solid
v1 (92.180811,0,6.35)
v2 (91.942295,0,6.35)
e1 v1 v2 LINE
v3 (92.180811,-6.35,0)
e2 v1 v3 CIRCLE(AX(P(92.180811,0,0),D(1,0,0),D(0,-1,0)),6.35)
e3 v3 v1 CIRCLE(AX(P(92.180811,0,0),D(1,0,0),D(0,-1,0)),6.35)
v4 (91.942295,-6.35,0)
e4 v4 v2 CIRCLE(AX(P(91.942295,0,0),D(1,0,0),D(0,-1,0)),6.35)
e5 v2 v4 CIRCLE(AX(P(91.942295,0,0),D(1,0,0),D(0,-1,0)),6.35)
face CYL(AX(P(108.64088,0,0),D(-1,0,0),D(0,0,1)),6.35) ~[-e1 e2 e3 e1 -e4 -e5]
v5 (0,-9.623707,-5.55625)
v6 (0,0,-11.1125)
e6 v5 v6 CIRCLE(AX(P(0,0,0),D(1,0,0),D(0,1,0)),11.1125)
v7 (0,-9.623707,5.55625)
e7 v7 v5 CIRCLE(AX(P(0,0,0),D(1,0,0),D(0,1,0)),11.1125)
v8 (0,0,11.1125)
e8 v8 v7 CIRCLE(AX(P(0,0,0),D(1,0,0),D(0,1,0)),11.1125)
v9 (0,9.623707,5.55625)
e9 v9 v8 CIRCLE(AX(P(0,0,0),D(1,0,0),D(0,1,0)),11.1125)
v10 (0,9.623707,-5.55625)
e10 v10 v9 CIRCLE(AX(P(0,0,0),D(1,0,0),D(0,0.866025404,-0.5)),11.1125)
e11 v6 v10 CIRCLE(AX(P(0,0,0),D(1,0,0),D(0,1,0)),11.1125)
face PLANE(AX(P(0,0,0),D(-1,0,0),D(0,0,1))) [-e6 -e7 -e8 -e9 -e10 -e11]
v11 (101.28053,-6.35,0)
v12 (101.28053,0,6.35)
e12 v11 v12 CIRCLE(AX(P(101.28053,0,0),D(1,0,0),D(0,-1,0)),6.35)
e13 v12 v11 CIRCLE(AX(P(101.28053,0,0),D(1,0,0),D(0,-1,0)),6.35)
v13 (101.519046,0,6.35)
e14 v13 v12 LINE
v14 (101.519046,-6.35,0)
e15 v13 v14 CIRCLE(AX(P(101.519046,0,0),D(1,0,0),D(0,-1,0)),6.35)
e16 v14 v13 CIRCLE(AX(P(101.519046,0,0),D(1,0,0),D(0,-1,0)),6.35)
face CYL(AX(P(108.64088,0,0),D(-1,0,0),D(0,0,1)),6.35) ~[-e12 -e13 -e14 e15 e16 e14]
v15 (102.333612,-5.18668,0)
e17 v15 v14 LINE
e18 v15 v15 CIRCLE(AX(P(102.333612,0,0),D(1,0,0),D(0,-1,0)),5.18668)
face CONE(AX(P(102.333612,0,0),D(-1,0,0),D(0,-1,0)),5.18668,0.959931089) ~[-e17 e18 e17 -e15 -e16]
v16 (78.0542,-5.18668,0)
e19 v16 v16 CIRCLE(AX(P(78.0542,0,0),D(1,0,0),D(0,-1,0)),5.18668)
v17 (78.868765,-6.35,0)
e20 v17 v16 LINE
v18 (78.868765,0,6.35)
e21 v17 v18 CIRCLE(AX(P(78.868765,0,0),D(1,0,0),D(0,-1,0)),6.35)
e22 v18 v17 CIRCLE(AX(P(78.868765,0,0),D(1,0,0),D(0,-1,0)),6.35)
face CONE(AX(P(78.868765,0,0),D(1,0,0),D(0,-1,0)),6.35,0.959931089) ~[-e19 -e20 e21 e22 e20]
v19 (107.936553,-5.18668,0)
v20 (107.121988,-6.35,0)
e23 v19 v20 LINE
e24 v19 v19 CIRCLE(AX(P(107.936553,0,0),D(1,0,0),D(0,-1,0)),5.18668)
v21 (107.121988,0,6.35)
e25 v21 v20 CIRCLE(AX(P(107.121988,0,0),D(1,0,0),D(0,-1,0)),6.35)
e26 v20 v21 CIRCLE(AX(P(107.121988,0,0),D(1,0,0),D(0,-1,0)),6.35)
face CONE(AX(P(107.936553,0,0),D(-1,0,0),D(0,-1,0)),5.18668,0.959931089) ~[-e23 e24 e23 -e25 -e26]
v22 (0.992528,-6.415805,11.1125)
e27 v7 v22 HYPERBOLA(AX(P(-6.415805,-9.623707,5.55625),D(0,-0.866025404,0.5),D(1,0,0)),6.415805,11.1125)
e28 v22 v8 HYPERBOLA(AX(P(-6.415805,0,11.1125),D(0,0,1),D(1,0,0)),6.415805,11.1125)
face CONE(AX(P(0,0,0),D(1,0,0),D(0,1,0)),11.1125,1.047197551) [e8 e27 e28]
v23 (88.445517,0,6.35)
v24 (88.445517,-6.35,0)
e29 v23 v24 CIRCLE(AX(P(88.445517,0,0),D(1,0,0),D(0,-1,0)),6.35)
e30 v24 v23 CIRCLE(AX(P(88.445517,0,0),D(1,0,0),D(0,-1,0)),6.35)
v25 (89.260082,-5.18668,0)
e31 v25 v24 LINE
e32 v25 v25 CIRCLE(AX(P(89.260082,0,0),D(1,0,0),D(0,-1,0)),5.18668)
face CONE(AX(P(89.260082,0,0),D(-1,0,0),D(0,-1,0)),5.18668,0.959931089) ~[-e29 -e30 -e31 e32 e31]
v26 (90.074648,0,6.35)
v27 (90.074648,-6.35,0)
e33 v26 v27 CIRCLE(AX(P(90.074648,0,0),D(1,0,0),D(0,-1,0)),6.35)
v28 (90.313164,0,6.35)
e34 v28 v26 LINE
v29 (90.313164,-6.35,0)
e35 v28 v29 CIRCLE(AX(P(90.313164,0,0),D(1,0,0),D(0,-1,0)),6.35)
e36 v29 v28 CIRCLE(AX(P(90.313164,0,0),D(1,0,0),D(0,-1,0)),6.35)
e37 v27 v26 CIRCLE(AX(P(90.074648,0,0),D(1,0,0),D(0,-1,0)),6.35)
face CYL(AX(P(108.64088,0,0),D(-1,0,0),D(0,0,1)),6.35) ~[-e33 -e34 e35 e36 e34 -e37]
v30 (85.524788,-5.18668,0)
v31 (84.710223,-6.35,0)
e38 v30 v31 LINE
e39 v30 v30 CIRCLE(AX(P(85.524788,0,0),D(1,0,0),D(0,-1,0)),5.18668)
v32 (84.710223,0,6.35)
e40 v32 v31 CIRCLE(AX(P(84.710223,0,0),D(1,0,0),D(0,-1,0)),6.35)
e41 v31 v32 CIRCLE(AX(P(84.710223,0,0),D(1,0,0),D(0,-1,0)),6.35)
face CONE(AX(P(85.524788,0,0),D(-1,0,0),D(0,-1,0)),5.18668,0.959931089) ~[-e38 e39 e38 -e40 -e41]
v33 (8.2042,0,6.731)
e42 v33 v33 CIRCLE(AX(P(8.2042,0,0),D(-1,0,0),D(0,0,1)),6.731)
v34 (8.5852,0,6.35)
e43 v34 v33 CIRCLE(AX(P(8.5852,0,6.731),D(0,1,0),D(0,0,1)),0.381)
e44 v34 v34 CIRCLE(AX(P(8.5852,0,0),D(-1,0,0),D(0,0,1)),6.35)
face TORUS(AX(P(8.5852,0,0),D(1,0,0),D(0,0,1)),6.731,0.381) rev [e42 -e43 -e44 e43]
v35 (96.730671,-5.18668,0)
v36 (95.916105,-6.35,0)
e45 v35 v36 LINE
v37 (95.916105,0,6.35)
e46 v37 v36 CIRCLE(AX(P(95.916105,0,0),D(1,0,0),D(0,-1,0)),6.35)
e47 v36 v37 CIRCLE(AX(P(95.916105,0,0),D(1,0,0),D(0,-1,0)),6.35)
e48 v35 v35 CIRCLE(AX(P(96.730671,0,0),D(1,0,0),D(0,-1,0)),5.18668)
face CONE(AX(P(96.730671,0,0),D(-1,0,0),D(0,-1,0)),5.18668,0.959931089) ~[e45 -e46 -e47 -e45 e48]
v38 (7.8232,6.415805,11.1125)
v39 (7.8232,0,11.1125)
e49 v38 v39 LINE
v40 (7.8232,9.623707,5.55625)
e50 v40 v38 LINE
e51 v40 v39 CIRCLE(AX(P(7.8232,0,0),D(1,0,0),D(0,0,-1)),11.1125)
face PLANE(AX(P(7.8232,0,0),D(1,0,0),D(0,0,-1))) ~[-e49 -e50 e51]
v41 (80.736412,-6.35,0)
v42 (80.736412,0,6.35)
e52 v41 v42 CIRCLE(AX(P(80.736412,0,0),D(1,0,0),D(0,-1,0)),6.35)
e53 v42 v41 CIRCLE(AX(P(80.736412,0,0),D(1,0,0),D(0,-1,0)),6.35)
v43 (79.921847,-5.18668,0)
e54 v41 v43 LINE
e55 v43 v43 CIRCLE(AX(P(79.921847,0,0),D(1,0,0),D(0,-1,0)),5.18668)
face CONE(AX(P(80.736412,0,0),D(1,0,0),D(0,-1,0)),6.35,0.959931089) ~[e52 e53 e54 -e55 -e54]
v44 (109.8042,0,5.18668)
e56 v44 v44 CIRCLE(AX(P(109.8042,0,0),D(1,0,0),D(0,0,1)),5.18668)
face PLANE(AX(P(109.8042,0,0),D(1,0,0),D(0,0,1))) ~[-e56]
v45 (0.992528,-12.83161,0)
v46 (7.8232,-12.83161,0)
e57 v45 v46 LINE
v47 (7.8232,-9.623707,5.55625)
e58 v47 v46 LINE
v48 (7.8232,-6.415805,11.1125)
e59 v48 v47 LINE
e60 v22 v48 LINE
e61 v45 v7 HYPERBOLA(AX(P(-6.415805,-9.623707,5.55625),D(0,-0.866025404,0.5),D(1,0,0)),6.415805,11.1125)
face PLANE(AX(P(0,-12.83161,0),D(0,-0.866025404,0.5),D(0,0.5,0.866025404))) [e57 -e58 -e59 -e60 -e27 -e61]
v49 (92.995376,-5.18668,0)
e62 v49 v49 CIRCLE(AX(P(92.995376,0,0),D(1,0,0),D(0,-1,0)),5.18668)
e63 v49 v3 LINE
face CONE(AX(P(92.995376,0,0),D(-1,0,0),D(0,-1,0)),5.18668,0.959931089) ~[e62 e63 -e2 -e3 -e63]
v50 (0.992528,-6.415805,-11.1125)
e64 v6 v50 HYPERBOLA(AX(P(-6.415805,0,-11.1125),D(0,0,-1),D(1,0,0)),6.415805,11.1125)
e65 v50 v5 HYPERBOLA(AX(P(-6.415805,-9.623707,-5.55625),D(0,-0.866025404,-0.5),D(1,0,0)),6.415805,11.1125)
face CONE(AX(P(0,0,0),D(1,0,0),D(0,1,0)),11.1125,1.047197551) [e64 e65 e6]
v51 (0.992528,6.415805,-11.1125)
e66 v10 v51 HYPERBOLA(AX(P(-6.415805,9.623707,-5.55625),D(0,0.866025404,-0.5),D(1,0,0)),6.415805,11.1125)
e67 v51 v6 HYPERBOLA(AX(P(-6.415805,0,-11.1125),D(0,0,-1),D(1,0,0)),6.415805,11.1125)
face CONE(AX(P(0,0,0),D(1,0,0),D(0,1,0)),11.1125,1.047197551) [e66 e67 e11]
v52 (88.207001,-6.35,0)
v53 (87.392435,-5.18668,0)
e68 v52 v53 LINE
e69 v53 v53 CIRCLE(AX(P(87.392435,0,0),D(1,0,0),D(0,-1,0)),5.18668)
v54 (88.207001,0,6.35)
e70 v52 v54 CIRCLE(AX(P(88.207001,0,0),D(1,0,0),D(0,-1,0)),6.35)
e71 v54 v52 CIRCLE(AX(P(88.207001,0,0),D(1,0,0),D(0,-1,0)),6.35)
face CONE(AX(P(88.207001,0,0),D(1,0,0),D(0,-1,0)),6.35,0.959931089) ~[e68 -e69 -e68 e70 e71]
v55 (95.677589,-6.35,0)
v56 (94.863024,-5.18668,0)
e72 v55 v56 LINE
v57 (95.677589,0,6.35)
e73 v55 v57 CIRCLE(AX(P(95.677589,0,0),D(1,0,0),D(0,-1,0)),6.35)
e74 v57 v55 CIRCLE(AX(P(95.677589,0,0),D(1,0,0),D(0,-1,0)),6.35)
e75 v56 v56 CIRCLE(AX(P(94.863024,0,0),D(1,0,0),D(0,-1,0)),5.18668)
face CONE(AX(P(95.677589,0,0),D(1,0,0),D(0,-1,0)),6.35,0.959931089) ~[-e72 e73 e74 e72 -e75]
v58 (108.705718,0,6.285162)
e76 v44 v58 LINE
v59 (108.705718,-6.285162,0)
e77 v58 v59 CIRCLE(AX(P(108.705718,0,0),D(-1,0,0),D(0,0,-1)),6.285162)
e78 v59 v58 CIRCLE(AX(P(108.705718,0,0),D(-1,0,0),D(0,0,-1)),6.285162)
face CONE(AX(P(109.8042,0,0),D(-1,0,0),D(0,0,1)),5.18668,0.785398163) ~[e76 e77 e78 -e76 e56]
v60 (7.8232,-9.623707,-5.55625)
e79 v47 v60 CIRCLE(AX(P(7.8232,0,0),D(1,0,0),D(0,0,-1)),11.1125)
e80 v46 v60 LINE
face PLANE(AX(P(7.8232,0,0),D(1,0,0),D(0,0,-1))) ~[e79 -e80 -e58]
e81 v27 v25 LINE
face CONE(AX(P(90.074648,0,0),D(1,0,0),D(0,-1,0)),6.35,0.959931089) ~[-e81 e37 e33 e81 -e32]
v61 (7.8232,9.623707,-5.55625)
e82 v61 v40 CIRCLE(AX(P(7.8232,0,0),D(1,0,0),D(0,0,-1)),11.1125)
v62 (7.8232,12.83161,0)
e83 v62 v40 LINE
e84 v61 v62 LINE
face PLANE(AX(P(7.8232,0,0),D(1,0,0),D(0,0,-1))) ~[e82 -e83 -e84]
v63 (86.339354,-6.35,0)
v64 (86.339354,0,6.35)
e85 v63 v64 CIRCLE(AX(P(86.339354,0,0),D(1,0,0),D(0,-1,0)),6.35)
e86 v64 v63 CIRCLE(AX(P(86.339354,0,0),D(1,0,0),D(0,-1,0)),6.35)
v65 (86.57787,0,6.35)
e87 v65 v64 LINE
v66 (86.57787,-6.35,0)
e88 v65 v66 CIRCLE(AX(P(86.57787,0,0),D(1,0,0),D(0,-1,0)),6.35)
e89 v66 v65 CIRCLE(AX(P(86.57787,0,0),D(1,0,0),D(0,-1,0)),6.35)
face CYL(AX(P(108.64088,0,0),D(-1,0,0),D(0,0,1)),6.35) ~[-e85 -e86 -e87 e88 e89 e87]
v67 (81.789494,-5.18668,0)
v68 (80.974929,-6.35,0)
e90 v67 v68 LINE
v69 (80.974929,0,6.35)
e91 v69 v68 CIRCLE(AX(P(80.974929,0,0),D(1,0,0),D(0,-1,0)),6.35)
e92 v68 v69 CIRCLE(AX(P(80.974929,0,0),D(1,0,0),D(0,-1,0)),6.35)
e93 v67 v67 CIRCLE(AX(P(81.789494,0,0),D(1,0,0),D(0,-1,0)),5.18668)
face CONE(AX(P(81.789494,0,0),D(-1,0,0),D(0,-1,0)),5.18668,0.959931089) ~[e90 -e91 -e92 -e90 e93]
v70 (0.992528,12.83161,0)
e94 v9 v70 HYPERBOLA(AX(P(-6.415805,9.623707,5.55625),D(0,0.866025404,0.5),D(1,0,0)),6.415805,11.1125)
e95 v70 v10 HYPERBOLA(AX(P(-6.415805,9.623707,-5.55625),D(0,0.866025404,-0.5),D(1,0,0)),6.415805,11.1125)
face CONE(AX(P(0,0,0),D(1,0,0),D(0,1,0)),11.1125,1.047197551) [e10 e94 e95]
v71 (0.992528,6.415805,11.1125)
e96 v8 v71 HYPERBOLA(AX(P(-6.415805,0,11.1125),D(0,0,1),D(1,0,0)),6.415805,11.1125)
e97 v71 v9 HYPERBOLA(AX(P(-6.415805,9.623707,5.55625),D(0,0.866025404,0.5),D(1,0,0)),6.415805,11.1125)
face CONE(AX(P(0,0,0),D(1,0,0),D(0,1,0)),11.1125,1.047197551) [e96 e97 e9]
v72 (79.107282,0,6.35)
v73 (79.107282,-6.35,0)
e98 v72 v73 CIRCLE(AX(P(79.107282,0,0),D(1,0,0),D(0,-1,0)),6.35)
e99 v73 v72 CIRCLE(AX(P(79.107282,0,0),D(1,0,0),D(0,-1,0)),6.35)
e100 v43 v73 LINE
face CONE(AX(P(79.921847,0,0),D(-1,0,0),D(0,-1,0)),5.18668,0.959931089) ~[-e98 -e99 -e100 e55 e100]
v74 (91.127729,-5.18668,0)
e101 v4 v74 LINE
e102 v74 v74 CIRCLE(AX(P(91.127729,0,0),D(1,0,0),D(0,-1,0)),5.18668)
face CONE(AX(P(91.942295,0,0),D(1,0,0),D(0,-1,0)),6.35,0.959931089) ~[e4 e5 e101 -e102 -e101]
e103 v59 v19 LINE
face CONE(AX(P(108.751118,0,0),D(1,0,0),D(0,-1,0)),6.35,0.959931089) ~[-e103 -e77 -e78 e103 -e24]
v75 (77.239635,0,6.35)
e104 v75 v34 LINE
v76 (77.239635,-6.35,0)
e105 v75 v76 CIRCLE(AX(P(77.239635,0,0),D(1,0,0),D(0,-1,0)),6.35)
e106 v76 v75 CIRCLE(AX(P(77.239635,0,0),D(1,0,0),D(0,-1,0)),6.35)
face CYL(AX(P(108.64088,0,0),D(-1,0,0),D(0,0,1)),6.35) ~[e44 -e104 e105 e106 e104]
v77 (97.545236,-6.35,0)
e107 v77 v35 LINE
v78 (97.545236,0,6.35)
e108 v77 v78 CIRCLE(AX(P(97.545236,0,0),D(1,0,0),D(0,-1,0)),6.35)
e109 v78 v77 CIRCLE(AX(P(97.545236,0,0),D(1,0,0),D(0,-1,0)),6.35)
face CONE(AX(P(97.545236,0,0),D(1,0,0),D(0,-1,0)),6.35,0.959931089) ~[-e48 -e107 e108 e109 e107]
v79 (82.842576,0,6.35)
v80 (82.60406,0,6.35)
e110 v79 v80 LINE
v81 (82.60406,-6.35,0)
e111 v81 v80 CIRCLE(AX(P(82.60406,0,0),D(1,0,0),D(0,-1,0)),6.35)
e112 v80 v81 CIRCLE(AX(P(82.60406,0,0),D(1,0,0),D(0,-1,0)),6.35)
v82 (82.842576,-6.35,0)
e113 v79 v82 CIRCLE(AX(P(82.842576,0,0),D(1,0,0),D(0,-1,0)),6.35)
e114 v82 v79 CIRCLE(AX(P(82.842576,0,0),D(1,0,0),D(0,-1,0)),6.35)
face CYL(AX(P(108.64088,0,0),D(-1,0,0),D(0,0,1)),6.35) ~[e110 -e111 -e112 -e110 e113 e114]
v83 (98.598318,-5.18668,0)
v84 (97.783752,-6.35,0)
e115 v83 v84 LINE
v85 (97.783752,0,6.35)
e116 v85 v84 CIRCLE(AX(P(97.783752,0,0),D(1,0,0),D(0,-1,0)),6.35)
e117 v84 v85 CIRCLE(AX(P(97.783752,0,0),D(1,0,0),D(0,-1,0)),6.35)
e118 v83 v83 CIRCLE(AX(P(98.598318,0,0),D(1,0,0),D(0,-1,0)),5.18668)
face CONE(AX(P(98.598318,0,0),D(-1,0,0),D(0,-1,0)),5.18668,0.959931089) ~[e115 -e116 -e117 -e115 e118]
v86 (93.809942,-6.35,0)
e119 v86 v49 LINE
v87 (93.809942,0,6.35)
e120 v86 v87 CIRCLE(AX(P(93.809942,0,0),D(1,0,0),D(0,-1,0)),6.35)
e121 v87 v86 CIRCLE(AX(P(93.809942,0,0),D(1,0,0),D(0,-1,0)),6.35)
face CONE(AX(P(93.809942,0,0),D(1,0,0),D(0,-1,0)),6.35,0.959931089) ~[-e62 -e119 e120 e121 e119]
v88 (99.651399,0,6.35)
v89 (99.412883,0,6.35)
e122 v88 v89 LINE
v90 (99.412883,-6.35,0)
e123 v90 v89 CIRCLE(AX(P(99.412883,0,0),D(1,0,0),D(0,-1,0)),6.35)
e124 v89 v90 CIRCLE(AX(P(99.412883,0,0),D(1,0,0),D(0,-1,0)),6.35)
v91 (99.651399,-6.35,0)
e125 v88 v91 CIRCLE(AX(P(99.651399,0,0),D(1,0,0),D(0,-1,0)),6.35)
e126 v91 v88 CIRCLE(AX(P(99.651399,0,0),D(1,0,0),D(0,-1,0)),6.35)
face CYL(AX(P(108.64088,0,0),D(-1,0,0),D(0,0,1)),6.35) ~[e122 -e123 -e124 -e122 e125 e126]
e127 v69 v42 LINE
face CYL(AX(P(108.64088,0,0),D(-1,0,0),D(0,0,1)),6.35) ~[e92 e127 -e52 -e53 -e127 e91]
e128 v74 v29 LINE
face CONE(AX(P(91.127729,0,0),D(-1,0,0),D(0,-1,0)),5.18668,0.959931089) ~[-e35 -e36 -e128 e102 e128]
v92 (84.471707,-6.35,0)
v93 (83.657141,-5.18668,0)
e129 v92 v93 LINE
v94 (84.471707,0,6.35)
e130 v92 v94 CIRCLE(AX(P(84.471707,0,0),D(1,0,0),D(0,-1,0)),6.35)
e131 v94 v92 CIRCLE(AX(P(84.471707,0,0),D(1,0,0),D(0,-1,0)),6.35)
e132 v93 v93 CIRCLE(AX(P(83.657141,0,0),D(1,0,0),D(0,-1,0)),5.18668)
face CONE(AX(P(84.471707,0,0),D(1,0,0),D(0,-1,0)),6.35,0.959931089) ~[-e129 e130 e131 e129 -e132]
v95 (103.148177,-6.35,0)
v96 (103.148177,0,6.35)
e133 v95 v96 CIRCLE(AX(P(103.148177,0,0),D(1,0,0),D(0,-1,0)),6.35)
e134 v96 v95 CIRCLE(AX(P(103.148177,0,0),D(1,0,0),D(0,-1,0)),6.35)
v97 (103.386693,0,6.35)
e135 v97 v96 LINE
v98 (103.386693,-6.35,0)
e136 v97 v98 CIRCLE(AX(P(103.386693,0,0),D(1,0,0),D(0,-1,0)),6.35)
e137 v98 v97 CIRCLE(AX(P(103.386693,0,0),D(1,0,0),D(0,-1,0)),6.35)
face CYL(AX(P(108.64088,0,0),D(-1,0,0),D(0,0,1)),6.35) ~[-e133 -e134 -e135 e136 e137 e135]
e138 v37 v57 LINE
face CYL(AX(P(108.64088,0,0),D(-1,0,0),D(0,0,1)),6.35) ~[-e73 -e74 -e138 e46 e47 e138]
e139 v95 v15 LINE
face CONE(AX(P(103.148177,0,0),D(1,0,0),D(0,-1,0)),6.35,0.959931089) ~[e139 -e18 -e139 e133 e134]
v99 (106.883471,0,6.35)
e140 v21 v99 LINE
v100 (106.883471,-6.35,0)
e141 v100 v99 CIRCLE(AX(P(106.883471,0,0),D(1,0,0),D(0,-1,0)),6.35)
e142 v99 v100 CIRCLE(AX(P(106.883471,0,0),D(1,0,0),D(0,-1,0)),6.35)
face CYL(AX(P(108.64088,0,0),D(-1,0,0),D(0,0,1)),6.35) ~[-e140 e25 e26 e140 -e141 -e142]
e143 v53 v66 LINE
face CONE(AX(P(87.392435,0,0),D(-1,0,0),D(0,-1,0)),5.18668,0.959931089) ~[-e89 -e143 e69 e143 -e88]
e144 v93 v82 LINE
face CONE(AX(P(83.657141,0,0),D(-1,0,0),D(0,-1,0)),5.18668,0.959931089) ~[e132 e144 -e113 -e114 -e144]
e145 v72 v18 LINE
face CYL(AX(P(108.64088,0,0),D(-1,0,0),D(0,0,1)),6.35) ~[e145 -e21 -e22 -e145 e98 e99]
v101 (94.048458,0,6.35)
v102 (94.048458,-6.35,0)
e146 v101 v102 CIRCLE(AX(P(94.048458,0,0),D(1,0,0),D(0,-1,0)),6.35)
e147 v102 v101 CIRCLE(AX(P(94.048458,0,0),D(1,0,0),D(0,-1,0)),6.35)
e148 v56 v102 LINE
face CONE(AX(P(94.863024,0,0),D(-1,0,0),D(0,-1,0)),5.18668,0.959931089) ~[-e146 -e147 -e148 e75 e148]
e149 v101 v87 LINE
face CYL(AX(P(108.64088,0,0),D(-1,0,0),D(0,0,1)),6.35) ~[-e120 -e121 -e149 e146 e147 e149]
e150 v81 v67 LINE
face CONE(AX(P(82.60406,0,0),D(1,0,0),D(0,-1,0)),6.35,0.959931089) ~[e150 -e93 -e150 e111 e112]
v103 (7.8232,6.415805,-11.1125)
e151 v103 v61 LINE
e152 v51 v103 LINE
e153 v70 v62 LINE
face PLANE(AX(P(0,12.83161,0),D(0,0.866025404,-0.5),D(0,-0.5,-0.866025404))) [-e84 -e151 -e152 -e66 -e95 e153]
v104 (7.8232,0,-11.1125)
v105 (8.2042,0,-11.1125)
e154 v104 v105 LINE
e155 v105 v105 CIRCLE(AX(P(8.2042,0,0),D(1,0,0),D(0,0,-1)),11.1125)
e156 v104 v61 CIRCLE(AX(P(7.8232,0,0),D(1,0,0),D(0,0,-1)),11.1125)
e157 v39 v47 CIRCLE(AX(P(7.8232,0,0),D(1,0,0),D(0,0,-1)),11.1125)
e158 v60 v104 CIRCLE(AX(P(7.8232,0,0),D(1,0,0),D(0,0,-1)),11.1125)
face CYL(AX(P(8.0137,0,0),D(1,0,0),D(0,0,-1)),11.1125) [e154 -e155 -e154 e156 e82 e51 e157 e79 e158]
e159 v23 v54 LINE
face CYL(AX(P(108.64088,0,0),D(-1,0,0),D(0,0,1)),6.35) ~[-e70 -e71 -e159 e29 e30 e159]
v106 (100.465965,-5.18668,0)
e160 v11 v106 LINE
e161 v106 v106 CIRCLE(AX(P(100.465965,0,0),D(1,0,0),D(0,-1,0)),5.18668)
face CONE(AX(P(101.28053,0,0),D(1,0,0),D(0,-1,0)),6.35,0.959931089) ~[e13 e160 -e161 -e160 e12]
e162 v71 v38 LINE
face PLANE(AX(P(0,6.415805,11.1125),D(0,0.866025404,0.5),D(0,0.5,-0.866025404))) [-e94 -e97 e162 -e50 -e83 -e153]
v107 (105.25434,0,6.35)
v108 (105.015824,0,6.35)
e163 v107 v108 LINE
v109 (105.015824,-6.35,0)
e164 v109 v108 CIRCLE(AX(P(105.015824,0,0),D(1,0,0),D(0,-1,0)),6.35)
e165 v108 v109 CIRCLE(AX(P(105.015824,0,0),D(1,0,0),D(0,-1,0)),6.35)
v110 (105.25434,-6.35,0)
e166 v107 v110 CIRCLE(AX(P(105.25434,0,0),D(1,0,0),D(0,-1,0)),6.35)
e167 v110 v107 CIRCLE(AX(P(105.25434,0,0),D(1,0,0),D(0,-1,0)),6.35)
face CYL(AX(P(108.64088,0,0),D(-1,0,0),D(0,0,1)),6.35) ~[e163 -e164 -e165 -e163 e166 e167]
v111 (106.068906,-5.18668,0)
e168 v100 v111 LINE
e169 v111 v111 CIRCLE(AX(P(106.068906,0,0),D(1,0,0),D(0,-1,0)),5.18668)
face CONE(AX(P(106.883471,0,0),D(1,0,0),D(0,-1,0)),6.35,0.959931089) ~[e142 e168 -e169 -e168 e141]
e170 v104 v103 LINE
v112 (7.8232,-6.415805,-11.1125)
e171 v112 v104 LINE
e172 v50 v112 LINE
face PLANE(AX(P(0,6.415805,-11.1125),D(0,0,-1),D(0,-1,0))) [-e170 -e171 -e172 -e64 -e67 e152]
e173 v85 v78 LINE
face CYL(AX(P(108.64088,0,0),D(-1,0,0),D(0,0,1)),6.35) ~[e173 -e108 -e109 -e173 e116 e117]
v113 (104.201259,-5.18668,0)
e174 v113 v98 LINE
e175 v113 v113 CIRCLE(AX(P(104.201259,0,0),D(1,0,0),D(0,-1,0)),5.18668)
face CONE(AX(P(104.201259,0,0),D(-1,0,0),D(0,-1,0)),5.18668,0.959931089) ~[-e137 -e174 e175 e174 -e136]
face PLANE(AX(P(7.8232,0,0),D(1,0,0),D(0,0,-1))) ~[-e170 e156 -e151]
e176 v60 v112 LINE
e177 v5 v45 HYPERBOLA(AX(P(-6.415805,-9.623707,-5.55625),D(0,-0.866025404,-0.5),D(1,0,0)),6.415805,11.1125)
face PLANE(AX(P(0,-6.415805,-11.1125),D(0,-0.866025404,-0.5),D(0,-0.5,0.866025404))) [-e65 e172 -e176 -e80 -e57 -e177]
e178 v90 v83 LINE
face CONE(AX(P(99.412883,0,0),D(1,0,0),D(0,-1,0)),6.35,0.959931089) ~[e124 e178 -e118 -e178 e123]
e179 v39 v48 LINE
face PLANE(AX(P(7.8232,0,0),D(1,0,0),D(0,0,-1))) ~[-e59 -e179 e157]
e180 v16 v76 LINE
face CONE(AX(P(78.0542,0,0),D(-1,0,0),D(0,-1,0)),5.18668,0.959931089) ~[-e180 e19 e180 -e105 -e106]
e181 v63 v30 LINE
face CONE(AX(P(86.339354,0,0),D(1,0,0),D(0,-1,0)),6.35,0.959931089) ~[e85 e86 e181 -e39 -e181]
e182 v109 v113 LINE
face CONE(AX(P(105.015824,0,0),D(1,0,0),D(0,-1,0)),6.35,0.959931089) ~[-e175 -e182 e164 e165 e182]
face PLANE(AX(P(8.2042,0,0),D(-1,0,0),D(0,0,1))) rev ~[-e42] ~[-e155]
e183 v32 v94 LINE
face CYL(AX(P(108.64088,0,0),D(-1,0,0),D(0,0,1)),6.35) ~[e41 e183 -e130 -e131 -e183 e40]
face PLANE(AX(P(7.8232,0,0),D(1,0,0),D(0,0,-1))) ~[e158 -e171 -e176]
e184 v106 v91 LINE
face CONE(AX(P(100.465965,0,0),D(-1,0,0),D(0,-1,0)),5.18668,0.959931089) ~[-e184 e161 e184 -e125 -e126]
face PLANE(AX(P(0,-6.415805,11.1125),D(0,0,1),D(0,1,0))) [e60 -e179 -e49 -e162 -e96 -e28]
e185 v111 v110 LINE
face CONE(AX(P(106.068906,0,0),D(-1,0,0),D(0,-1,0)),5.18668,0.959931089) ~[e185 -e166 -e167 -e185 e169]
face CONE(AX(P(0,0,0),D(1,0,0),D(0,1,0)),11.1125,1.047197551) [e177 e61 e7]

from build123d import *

# Parameters (mm, degrees)
BASEHEAD_DEPTH  = 8.2042
SKETCH4_W       = 0.381
SKETCH4_H       = 27.119109733
HEADFILLET_R    = 0.381
THDSCHPAT_COUNT = 17
THDSCHPAT_PITCH = 1.867647059


with BuildPart() as part:
    # Sketch1 → BaseHead (new body)
    with BuildSketch(Plane(origin=(0, 0, 0), x_dir=(0, 0, -1), z_dir=(1, 0, 0))):
        Polygon((11.1125, 6.415804866), (11.1125, -6.415804866), (0, -12.831609733), (-11.1125, -6.415804866), (-11.1125, 6.415804866), (0, 12.831609733), align=None)
    extrude(amount=BASEHEAD_DEPTH)

    # BodySke → BaseBody (revolve)
    with BuildSketch(Plane.XY, mode=Mode.PRIVATE) as basebody_sk:
        Polygon((0, 0), (109.8042, 0), (109.8042, 5.18668), (108.64088, 6.35), (0, 6.35), align=None)
    revolve(basebody_sk.sketch.rotate(Axis((0, 0, 0), (1, 0, 0)), 90), axis=Axis((0, 0, 0), (1, 0, 0)))

    # Sketch3 → HeadChamfer (revolve, cut)
    with BuildSketch(Plane.XY):
        Polygon((0, 11.1125), (4.658702676, 19.181609733), (4.658702676, 25.531609733), (-12.7, 25.531609733), (-12.7, 11.1125), align=None)
    revolve(axis=Axis((0, 0, 0), (1, 0, 0)), mode=Mode.SUBTRACT)

    # Sketch4 → BearingFace (revolve, cut)
    with BuildSketch(Plane.XY, mode=Mode.PRIVATE) as bearingface_sk:
        with Locations((8.0137, 24.672054866)):
            Rectangle(SKETCH4_W, SKETCH4_H)
    revolve(bearingface_sk.sketch.rotate(Axis((0, 0, 0), (1, 0, 0)), 270), axis=Axis((0, 0, 0), (1, 0, 0)), mode=Mode.SUBTRACT)

    # HeadFillet
    headfillet_edges = [part.edges().sort_by_distance(p)[0] for p in [
        (8.2042, 0, -6.35),
    ]]
    fillet(headfillet_edges, radius=HEADFILLET_R)

    # ThdSchSke → ThreadSchematic (revolve, cut)
    with BuildSketch(Plane.XY):
        Polygon((78.0542, -5.18668), (77.239634567, -6.35), (77.239634567, -7.9375), (78.868765433, -7.9375), (78.868765433, -6.35), align=None)
    threadschematic = revolve(axis=Axis((-3.175, 0, 0), (1, 0, 0)), mode=Mode.SUBTRACT)

    # ThdSchPat: ThreadSchematic ×17
    with Locations(*[(i * THDSCHPAT_PITCH, 0, 0) for i in range(1, THDSCHPAT_COUNT)]):
        add(threadschematic, mode=Mode.SUBTRACT)


solid = part.part
